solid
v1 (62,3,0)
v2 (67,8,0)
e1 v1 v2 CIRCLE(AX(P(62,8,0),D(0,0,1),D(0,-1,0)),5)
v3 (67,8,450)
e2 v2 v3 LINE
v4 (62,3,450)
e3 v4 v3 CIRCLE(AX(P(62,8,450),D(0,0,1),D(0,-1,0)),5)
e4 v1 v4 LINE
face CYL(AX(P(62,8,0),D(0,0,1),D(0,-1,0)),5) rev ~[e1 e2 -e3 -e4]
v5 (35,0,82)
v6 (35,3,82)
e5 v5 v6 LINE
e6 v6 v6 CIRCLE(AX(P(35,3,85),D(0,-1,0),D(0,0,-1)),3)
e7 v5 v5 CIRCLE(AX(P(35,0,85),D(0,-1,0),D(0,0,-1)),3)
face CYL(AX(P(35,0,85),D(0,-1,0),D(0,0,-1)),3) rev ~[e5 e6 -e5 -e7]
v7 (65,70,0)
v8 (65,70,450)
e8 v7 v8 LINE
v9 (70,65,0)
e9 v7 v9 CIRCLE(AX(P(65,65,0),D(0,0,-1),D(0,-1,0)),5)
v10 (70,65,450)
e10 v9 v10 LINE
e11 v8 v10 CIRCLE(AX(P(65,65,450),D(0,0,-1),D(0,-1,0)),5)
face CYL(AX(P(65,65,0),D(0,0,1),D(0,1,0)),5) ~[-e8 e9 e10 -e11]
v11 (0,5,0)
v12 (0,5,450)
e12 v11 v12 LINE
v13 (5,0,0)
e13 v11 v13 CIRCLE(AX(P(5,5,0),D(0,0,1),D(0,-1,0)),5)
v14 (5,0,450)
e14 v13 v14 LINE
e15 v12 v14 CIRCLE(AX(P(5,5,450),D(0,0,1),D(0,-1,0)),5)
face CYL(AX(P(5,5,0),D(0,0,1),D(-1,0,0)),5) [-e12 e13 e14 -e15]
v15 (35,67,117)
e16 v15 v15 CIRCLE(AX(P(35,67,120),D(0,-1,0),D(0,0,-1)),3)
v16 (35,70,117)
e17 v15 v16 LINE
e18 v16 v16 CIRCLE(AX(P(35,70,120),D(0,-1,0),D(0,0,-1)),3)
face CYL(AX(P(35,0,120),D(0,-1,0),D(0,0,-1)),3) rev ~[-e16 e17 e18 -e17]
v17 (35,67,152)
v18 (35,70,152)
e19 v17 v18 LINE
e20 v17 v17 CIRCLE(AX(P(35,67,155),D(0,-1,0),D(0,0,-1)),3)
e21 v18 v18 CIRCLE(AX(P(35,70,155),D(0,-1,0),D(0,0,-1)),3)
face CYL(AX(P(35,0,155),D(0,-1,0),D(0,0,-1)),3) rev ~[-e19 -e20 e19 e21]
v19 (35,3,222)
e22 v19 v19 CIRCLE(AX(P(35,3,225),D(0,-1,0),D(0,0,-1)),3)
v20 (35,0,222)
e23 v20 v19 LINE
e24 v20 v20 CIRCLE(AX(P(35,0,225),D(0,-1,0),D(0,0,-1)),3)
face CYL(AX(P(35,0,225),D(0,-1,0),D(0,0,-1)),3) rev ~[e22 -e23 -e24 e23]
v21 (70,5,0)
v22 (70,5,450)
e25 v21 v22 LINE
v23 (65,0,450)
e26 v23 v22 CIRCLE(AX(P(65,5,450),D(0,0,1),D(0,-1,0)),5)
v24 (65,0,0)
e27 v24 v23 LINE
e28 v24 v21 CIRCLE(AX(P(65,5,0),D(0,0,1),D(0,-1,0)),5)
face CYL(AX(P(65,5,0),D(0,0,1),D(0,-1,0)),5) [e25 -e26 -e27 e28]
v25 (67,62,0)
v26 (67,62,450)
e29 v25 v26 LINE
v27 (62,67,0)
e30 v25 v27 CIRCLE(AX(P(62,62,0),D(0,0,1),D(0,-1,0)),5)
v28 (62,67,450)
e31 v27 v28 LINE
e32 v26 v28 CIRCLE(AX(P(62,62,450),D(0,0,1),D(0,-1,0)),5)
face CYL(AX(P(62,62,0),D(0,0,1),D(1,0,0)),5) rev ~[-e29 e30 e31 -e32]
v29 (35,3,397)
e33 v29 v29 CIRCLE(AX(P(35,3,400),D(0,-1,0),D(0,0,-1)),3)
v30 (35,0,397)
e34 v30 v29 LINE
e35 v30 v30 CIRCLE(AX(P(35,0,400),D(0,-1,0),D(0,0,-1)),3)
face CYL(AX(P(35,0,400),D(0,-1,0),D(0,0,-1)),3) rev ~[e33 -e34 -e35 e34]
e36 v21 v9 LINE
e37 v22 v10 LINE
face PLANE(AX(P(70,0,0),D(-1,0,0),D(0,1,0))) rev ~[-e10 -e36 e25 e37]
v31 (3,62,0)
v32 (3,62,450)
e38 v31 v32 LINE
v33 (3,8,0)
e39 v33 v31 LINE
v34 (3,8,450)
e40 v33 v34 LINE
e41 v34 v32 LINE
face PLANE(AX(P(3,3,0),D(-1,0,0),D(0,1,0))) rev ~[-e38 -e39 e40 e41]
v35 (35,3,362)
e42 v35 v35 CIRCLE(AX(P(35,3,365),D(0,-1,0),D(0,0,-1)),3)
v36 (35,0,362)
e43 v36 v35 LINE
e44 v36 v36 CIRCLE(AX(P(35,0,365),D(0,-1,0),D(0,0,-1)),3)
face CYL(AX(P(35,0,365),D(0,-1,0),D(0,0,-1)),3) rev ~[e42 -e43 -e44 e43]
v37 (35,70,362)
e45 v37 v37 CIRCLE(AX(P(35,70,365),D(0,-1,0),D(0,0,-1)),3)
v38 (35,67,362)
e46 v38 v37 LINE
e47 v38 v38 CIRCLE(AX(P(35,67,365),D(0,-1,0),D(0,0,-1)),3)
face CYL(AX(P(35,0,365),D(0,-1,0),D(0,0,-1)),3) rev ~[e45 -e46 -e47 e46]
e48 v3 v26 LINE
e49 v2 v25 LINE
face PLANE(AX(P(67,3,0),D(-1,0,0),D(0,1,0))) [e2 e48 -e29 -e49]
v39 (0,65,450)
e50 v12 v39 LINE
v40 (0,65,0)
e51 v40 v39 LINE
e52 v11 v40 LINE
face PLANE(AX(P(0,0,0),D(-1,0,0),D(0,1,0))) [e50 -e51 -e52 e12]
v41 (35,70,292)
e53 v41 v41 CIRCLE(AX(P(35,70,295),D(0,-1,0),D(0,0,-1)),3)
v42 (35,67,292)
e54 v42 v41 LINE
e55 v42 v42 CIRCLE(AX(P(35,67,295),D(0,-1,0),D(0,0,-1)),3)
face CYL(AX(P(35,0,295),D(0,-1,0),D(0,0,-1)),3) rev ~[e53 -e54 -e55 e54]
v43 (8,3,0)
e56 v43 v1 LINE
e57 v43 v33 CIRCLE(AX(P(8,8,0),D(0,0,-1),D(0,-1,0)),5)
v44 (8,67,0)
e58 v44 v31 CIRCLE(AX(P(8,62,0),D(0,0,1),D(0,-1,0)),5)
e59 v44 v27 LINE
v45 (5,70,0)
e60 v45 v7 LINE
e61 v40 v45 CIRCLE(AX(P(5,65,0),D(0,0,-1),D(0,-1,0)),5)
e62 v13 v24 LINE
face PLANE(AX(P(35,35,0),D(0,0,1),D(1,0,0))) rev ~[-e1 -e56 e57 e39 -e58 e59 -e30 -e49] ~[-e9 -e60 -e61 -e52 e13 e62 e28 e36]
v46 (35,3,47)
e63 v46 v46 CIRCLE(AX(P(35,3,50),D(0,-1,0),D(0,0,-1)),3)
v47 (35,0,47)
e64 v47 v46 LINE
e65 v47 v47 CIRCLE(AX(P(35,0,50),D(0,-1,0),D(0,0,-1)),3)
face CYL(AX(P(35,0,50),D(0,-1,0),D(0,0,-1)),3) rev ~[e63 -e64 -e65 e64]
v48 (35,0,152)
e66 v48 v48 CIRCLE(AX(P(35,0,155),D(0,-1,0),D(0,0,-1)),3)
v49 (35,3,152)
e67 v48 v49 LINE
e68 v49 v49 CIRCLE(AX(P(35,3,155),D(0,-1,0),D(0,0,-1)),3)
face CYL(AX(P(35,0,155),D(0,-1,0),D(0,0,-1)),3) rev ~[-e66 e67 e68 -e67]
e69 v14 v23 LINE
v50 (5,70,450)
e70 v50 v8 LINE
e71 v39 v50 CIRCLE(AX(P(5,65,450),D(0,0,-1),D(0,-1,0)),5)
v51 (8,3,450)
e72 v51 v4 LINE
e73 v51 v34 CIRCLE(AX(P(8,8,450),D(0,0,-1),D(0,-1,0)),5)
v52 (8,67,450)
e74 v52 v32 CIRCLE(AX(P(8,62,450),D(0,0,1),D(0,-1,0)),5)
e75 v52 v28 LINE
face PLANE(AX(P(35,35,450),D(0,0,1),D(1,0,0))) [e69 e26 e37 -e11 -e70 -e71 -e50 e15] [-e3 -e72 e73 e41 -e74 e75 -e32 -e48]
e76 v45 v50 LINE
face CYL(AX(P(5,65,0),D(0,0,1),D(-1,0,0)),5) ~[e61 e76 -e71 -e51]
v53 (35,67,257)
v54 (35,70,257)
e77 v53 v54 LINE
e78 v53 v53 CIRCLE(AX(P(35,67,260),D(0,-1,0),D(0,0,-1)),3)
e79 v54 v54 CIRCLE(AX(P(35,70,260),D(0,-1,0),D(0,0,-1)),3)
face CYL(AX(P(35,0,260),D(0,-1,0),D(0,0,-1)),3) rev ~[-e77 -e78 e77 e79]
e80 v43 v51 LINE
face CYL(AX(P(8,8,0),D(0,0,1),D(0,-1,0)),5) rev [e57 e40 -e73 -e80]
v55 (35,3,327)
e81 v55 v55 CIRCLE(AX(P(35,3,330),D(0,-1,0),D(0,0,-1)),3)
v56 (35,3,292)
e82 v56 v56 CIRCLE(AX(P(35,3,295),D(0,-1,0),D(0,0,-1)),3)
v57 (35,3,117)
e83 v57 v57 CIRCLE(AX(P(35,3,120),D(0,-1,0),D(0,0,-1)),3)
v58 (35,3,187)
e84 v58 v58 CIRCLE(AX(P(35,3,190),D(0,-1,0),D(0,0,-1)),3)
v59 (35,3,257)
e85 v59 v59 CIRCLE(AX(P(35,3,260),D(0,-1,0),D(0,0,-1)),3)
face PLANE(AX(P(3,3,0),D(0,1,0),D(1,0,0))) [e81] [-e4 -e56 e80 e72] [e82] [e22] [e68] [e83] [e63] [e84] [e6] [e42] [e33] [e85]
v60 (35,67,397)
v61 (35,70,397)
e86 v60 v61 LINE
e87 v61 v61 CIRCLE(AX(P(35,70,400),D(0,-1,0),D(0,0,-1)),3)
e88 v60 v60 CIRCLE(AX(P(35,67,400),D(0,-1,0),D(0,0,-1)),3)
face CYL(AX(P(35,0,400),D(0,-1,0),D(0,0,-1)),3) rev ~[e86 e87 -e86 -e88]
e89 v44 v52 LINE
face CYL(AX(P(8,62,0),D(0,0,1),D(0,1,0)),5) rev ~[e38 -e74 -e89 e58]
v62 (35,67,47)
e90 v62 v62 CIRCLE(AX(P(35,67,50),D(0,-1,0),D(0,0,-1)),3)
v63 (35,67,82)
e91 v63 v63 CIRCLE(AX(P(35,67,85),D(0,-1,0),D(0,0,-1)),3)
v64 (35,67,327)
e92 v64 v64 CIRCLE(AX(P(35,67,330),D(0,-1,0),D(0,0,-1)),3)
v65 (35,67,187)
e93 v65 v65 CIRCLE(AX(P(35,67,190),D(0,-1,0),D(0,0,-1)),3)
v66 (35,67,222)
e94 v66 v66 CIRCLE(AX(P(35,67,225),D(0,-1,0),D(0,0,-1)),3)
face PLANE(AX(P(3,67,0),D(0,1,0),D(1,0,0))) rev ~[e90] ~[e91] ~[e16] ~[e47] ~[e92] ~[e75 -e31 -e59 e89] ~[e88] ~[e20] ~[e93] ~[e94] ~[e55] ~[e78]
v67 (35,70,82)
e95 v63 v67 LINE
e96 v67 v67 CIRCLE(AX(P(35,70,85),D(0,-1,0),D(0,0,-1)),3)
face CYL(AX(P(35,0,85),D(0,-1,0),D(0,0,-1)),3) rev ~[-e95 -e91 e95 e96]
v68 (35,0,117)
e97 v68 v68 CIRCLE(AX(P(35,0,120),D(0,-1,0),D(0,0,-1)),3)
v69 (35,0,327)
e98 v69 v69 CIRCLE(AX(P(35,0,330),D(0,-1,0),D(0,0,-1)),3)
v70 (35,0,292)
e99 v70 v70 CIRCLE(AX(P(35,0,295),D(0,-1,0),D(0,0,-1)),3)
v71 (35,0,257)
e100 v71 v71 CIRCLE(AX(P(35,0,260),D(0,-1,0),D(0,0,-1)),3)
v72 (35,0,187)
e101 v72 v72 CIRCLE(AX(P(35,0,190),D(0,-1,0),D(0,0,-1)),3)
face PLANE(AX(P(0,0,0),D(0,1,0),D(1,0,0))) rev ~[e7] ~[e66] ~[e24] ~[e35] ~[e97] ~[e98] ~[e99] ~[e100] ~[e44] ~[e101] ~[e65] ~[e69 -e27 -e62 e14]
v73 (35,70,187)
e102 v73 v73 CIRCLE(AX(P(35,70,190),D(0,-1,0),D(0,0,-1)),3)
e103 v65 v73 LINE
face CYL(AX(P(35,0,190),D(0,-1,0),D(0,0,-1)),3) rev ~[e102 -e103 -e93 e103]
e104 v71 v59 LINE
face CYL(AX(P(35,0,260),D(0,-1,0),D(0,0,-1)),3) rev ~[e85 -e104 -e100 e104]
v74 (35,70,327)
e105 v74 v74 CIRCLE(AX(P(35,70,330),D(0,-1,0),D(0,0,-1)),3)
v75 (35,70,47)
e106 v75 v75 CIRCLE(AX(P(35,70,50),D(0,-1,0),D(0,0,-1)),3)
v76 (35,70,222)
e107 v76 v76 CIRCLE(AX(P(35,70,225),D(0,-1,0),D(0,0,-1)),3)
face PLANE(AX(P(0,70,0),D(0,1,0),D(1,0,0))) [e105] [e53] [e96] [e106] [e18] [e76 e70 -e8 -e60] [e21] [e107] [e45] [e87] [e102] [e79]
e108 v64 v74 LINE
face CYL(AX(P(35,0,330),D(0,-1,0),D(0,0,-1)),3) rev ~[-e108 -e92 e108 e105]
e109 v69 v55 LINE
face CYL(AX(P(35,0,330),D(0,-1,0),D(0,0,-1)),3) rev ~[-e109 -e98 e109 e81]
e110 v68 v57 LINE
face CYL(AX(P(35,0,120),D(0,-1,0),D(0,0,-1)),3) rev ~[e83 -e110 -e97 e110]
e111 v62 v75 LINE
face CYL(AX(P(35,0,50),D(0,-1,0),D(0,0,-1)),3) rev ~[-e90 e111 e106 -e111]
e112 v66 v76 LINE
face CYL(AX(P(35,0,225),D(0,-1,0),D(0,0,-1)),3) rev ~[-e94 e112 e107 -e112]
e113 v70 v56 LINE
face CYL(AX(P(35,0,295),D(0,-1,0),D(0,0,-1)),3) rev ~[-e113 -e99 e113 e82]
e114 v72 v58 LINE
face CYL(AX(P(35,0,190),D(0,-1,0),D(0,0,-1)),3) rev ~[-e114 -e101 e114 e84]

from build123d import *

# Parameters (mm, degrees)
SKETCH1_W           = 70
SKETCH1_H           = 70
SKETCH1_W_2         = 64
SKETCH1_H_2         = 64
BOSS_EXTRUDE1_DEPTH = 450
FILLET1_R           = 5
SKETCH3_R           = 3
CUT_EXTRUDE2_DEPTH  = 173
LPATTERN1_COUNT     = 6
LPATTERN1_PITCH     = 35
LPATTERN1_COL_COUNT = 6
LPATTERN1_COL_PITCH = 35


with BuildPart() as part:
    # Sketch1 → Boss-Extrude1 (new body)
    with BuildSketch(Plane.XY):
        with Locations((35, 35)):
            Rectangle(SKETCH1_W, SKETCH1_H)
        with Locations((35, 35)):
            Rectangle(SKETCH1_W_2, SKETCH1_H_2, mode=Mode.SUBTRACT)
    extrude(amount=BOSS_EXTRUDE1_DEPTH)

    # Fillet1
    fillet1_edges = [part.edges().sort_by_distance(p)[0] for p in [
        (3, 67, 225),
        (3, 3, 225),
        (67, 3, 225),
        (67, 67, 225),
        (0, 70, 225),
        (70, 70, 225),
        (70, 0, 225),
        (0, 0, 225),
    ]]
    fillet(fillet1_edges, radius=FILLET1_R)

    # Sketch3 → Cut-Extrude2 (cut)
    with BuildSketch(Plane.XZ):
        with Locations(Location((35, 225, 0), (0, 0, 270))):
            Circle(SKETCH3_R)
    cut_extrude2 = extrude(amount=-CUT_EXTRUDE2_DEPTH, mode=Mode.SUBTRACT)

    # LPattern1: Cut-Extrude2 ×6
    with Locations(*[(0, 0, -i * LPATTERN1_PITCH) for i in range(1, LPATTERN1_COUNT)]):
        add(cut_extrude2, mode=Mode.SUBTRACT)

    # LPattern1 col: Cut-Extrude2 ×6
    with Locations(*[(0, 0, i * LPATTERN1_COL_PITCH) for i in range(1, LPATTERN1_COL_COUNT)]):
        add(cut_extrude2, mode=Mode.SUBTRACT)


solid = part.part
